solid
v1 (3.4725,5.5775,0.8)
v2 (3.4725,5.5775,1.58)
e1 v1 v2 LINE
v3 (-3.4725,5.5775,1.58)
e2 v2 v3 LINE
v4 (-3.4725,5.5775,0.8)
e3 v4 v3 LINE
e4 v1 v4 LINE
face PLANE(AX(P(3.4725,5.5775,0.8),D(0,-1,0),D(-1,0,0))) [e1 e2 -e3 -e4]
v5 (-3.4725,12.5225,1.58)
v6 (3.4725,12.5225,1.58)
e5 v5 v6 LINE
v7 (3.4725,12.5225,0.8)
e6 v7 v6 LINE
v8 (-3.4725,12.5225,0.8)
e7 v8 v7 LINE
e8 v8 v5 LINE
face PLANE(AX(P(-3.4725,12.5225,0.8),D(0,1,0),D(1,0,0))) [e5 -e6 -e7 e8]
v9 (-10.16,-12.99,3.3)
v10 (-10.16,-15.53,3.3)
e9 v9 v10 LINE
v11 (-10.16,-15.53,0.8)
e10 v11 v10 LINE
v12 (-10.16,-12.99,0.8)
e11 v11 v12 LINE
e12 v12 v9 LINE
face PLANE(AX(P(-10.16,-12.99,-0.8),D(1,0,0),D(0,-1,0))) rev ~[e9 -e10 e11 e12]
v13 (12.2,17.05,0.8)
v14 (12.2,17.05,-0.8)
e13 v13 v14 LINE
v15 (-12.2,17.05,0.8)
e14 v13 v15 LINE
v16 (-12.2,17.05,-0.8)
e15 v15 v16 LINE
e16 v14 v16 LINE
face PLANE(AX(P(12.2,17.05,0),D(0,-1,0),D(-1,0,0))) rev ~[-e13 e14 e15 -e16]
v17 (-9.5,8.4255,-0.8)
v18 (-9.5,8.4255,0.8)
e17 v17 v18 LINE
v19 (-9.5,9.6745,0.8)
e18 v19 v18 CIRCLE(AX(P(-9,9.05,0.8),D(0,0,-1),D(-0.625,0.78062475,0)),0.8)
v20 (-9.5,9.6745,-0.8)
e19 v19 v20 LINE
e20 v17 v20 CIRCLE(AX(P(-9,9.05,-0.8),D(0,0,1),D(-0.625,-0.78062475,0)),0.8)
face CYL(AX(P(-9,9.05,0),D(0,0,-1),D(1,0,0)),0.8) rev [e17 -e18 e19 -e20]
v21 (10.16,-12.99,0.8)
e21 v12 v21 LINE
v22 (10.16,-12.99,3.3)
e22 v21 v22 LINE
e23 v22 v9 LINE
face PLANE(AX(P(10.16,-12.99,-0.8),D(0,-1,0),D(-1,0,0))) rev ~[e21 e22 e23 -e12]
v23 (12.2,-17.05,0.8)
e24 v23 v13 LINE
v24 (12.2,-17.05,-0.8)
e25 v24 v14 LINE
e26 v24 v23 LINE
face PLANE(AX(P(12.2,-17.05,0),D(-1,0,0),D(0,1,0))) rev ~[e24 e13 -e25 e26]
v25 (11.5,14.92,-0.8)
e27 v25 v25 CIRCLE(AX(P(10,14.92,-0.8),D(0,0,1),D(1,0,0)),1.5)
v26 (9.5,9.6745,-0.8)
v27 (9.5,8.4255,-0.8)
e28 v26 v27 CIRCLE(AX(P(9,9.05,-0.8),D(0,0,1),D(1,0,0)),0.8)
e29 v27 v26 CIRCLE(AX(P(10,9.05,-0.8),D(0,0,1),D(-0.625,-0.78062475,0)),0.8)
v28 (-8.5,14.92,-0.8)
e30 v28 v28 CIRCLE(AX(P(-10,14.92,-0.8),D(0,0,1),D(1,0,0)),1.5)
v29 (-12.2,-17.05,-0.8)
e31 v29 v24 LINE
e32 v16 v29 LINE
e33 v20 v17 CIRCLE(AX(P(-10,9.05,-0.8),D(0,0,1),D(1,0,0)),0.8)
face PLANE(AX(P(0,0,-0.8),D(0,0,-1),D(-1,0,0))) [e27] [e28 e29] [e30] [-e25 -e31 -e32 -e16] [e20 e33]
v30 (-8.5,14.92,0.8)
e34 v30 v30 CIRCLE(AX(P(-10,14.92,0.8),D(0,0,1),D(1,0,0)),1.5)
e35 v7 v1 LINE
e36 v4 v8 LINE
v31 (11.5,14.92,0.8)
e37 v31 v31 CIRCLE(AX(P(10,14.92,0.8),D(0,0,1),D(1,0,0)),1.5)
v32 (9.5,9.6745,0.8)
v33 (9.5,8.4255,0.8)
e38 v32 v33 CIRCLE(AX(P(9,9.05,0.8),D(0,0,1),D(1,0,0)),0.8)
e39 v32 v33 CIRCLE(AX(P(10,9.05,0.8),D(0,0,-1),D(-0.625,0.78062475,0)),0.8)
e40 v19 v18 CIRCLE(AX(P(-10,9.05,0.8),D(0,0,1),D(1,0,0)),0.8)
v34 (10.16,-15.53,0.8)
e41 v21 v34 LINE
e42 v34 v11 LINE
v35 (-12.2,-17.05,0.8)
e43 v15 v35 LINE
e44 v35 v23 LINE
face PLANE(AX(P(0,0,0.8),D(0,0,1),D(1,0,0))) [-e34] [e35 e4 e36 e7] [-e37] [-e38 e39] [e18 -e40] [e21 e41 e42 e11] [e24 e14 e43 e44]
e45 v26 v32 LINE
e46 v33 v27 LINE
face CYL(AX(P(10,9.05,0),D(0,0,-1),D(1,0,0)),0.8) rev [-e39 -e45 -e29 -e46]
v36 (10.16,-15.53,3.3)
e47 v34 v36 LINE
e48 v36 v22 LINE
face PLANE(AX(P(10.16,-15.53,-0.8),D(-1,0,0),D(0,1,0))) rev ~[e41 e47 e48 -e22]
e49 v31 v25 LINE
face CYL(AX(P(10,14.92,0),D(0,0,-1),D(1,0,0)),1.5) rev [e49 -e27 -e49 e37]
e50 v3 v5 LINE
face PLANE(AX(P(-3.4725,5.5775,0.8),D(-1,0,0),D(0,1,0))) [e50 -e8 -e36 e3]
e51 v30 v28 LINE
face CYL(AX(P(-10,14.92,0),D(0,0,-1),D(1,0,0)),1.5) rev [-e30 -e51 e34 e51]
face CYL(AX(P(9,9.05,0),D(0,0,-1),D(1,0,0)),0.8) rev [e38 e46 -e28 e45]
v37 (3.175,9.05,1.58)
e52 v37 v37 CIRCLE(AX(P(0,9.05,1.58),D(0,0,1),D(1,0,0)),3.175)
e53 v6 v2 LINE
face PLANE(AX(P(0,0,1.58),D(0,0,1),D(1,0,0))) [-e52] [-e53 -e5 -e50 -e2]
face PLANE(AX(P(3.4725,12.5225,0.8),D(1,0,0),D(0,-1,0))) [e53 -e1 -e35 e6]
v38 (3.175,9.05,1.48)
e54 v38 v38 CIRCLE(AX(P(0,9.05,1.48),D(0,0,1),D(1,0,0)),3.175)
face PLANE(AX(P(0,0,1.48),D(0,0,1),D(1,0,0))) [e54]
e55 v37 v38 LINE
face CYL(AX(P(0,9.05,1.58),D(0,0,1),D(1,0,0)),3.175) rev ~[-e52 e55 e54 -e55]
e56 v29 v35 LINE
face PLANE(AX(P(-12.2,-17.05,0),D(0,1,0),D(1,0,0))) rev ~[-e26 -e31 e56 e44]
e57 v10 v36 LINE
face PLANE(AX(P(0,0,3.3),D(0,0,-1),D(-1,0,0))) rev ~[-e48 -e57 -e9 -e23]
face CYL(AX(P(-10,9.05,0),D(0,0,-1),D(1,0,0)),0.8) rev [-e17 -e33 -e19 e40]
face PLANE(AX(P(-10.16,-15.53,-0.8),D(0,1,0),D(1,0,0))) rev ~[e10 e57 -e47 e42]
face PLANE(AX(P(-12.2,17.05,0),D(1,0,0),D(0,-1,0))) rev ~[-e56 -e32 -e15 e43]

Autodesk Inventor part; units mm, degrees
ref_plane "YZ Plane" through (0, 0, 0) normal (1, 0, 0) x (0, 1, 0)
ref_plane "XZ Plane" through (0, 0, 0) normal (0, 1, 0) x (-1, 0, 0)
ref_plane "XY Plane" through (0, 0, 0) normal (0, 0, 1) x (1, 0, 0)
sketch "Sketch1" plane through (0, 0, 0) normal (0, 0, 1) x (1, 0, 0)
  line L0 (-12.2, -17.05) -> (12.2, -17.05)
  line L1 (12.2, -17.05) -> (12.2, 17.05)
  line L2 (12.2, 17.05) -> (-12.2, 17.05)
  line L3 (-12.2, 17.05) -> (-12.2, -17.05)
  line L4 (-12.2, -17.05) -> (12.2, 17.05) construction
  line L5 (12.2, -17.05) -> (-12.2, 17.05) construction
  circle A0 centre (-10, 14.92) radius 1.5
  circle A1 centre (10, 14.92) radius 1.5
  line L6 (-10, 14.92) -> (10, 14.92) construction
  circle A2 centre (-9, 9.05) radius 0.8
  circle A3 centre (-10, 9.05) radius 0.8
  circle A4 centre (9, 9.05) radius 0.8
  circle A5 centre (10, 9.05) radius 0.8
  line L7 (-9, 9.05) -> (9, 9.05) construction
  line L8 (-10, 9.05) -> (10, 9.05) construction
  point P0 (0, 0)
  point P1 (0, 9.05)
  point P2 (0, 14.92)
  point P3 (0, 0)
  point P4 (0, 0)
  dimension "d0" = 24.4
  dimension "d1" = 34.1
  dimension "d2" = 2.13
  dimension "d3" = 3
  dimension "d4" = 10
  dimension "d13" = 20
  dimension "d14" = 18
  dimension "d15" = 1.6
  dimension "d16" = 8
extrude "Extrusion1" add sketch "Sketch1" along normal mid plane 1.6
sketch "Sketch2" plane through (0, 0, -0.8) normal (0, 0, -1) x (-1, 0, 0)
  circle A0 centre (-10, 14.92) radius 1.5 projected
  circle A1 centre (10, 14.92) radius 1.5 projected
  line L0 (-12.2, -17.05) -> (12.2, -17.05) projected
  line L1 (12.2, -17.05) -> (12.2, 17.05) projected
  line L2 (12.2, 17.05) -> (-12.2, 17.05) projected
  line L3 (-12.2, 17.05) -> (-12.2, -17.05) projected
  line L4 (-10.16, -12.99) -> (10.16, -12.99)
  line L5 (10.16, -12.99) -> (10.16, -15.53)
  line L6 (10.16, -15.53) -> (-10.16, -15.53)
  line L7 (-10.16, -15.53) -> (-10.16, -12.99)
  point P0 (0, 0)
  point P1 (0, -12.99)
  point P2 (-10.16, -14.26)
  dimension "d8" = 2.54
  dimension "d9" = 20.32
  dimension "d10" = 2.79
extrude "Extrusion2" add sketch "Sketch2" against normal blind 4.1 contours L4 L5 L6 L7
sketch "Sketch3" plane through (0, 0, 0.8) normal (0, 0, 1) x (1, 0, 0)
  circle A0 centre (10, 14.92) radius 1.5 projected
  circle A1 centre (-10, 14.92) radius 1.5 projected
  arc A2 (-9.5, 8.4255) -> (-9.5, 9.6745) centre (-9, 9.05) ccw projected
  arc A3 (-9.5, 9.6745) -> (-9.5, 8.4255) centre (-10, 9.05) ccw projected
  line L0 (-12.2, -17.05) -> (12.2, -17.05) projected
  line L1 (12.2, -17.05) -> (12.2, 17.05) projected
  line L2 (12.2, 17.05) -> (-12.2, 17.05) projected
  line L3 (-12.2, 17.05) -> (-12.2, -17.05) projected
  arc A4 (9.5, 9.6745) -> (9.5, 8.4255) centre (9, 9.05) ccw projected
  arc A5 (9.5, 8.4255) -> (9.5, 9.6745) centre (10, 9.05) ccw projected
  line L4 (-3.4725, 12.5225) -> (3.4725, 12.5225)
  line L5 (3.4725, 12.5225) -> (3.4725, 5.5775)
  line L6 (3.4725, 5.5775) -> (-3.4725, 5.5775)
  line L7 (-3.4725, 5.5775) -> (-3.4725, 12.5225)
  point P0 (0, 0)
  point P1 (3.4725, 9.05)
  point P2 (0, 12.5225)
  dimension "d17" = 6.945
extrude "Extrusion3" add sketch "Sketch3" along normal blind 0.78 contours L4 L5 L6 L7
sketch "Sketch4" plane through (0, 0, 1.58) normal (0, 0, 1) x (1, 0, 0)
  line L0 (3.4725, 12.5225) -> (-3.4725, 12.5225) projected
  line L1 (-3.4725, 12.5225) -> (-3.4725, 5.5775) projected
  line L2 (-3.4725, 5.5775) -> (3.4725, 5.5775) projected
  line L3 (3.4725, 5.5775) -> (3.4725, 12.5225) projected
  circle A0 centre (0, 9.05) radius 3.175
  point P0 (0, 0)
  point P1 (0, 12.5225)
  point P2 (-3.4725, 9.05)
  dimension "d20" = 6.35
extrude "Extrusion4" cut sketch "Sketch4" against normal blind 0.1 contours A0
equation "\"d9\" = 8 * d8"
properties part number "Module_ArducamMini-Rev" material "Epoxy Resin"
